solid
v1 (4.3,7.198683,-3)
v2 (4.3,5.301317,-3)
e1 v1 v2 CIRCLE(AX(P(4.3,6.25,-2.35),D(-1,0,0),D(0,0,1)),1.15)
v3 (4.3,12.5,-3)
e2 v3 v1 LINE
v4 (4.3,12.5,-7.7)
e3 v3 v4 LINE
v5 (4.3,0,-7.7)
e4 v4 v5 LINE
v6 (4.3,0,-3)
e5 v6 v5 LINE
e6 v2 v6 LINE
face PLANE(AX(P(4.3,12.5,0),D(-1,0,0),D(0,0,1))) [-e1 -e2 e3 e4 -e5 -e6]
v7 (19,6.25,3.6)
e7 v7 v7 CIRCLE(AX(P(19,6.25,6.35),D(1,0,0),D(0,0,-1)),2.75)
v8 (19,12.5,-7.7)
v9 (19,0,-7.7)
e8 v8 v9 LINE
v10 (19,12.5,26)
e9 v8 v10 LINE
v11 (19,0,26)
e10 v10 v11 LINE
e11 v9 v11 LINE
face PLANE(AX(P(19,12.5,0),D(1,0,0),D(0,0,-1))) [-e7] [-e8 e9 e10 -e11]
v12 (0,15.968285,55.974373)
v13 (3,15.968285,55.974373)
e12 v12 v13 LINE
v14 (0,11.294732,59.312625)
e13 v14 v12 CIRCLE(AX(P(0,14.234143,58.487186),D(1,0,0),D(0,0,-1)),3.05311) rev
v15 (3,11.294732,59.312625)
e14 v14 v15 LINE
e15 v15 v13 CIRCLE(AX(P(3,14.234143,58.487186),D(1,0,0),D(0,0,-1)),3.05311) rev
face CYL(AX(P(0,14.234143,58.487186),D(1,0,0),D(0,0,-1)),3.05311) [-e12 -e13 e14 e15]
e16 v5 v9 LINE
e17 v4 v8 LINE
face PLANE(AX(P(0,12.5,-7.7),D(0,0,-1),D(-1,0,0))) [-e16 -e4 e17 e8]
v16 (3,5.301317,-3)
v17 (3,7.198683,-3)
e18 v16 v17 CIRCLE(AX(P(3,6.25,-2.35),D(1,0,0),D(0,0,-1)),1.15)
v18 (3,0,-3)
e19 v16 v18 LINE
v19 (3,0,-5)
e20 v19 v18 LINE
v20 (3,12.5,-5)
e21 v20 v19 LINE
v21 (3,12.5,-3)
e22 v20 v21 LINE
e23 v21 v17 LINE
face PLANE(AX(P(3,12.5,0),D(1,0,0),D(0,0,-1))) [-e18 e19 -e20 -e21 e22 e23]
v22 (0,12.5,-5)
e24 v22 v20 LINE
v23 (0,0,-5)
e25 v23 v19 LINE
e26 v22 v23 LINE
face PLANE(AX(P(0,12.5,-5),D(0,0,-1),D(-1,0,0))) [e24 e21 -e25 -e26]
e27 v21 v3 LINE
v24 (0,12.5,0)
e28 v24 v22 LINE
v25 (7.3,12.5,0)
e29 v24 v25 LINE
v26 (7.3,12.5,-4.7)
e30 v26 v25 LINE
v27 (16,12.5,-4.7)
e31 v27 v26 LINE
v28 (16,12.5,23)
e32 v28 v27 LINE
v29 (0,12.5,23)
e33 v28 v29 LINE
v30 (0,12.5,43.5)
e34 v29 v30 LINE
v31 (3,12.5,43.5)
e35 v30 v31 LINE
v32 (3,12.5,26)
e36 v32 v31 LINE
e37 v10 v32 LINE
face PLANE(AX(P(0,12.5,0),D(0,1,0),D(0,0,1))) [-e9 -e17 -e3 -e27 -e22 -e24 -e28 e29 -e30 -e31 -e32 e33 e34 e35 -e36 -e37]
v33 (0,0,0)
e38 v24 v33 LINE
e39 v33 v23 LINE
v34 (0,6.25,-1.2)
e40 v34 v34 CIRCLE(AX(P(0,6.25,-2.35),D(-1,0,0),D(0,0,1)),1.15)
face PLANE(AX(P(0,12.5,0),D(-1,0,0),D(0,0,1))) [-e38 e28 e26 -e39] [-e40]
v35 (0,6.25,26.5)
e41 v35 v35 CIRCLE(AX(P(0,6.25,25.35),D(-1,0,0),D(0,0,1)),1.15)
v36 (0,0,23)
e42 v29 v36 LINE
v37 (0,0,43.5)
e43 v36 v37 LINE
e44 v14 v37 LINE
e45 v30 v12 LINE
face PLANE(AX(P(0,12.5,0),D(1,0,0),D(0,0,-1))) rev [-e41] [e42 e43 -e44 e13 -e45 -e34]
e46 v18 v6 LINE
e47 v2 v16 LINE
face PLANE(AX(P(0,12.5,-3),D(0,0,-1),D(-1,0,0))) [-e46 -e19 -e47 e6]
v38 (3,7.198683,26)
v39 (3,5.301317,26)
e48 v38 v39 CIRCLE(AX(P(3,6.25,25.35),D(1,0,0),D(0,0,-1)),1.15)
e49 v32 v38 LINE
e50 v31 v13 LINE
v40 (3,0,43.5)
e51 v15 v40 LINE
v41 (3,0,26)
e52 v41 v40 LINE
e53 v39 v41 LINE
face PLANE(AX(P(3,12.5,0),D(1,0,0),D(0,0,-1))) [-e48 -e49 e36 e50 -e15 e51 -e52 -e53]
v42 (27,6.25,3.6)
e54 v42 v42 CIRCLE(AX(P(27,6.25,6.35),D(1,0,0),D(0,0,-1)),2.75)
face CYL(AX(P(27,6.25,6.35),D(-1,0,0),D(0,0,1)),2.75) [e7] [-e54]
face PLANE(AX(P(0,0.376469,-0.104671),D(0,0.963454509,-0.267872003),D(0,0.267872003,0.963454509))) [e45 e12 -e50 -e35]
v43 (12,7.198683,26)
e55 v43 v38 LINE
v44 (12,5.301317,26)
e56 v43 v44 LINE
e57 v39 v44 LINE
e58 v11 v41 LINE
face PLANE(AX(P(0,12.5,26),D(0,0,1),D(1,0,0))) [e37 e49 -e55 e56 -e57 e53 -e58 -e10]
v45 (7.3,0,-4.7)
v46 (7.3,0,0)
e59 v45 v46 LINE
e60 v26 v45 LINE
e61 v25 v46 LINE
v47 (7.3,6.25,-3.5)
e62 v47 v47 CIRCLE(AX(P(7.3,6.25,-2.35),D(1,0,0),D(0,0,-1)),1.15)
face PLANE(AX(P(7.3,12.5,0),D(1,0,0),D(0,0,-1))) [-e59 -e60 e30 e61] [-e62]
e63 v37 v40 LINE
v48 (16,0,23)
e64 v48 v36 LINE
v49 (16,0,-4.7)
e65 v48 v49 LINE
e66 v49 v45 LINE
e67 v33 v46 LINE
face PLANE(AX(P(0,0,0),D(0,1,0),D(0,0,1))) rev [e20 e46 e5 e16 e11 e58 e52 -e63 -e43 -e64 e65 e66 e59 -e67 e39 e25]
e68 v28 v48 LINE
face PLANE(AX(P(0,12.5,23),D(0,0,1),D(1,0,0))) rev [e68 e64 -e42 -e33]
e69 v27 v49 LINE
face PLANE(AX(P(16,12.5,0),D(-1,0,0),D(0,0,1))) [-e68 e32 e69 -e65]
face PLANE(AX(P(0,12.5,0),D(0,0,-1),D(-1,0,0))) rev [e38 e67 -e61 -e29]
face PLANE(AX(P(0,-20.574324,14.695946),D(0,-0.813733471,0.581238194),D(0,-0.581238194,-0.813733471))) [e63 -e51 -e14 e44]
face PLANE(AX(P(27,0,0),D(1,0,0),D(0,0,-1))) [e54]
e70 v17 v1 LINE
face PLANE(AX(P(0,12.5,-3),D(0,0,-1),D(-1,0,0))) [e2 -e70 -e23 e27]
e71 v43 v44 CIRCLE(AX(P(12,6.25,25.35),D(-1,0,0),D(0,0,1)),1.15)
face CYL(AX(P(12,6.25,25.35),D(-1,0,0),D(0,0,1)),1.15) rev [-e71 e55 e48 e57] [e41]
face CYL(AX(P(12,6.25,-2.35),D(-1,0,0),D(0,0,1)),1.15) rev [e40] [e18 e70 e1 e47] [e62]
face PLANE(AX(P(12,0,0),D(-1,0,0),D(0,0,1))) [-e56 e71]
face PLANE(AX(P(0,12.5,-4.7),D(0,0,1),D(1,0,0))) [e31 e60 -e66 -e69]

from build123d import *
from build123d.topology import SkipClean

# Parameters (mm, degrees)
EXTRUDE_1_DEPTH     = 12.5
SKETCH_2_R          = 1.15
CUT_EXTRUDE_1_DEPTH = 12
SKETCH_3_R          = 2.75
EXTRUDE_2_DEPTH     = 8
EXTRUDE_3_DEPTH     = 3
CUT_EXTRUDE_5_DEPTH = 3


with BuildPart() as part:
    # 草图1 → 凸台-拉伸1 (new body)
    with BuildSketch(Plane(origin=(0, 0, 0), x_dir=(1, 0, 0), z_dir=(0, 1, 0))):
        Polygon((0, 5), (0, 0), (7.3, 0), (7.3, 3), (7.3, 4.7), (16, 4.7), (16, 3), (16, 0), (16, -23), (0, -23), (0, -61), (3, -61), (3, -26), (19, -26), (19, 3), (19, 7.7), (4.3, 7.7), (4.3, 3), (3, 3), (3, 5), align=None)
    extrude(amount=EXTRUDE_1_DEPTH)

    # 草图2 → 切除-拉伸1 (cut)
    with BuildSketch(Plane.ZY):
        with Locations((25.35, 6.25)):
            Circle(SKETCH_2_R)
        with Locations((-2.35, 6.25)):
            Circle(SKETCH_2_R)
    extrude(amount=-CUT_EXTRUDE_1_DEPTH, mode=Mode.SUBTRACT)

    # 草图3 → 凸台-拉伸2 (add)
    with BuildSketch(Plane(origin=(19, 0, 0), x_dir=(0, 0, -1), z_dir=(1, 0, 0))):
        with Locations((-6.35, 6.25)):
            Circle(SKETCH_3_R)
    extrude(amount=EXTRUDE_2_DEPTH)

    # 草图4 → 凸台-拉伸3 (add)
    with BuildSketch(Plane(origin=(3, 0, 0), x_dir=(0, 0, -1), z_dir=(1, 0, 0))):
        with BuildLine():
            Line((-43.5, 12.5), (-55.974372634, 15.968285379))
            ThreePointArc((-55.974372634, 15.968285379), (-60.221329006, 16.746956372), (-61, 12.5))
            Line((-61, 12.5), (-43.5, 12.5))
        make_face()
    extrude(amount=-EXTRUDE_3_DEPTH)

    # 草图4<8> → 切除-拉伸5 (cut)
    with SkipClean():  # the faces are left unmerged after this step: merging them gives an invalid solid
        with BuildSketch(Plane(origin=(3, 0, 0), x_dir=(0, 0, -1), z_dir=(1, 0, 0))):
            with BuildLine():
                Line((-43.5, 0), (-52.25, 6.25))
                Line((-52.25, 6.25), (-59.312624964, 11.294732117))
                ThreePointArc((-59.312624964, 11.294732117), (-60.261770725, 11.749724518), (-61, 12.5))
                Line((-61, 12.5), (-61, 0))
                Line((-61, 0), (-43.5, 0))
            make_face()
        extrude(amount=-CUT_EXTRUDE_5_DEPTH, mode=Mode.SUBTRACT)


solid = part.part
